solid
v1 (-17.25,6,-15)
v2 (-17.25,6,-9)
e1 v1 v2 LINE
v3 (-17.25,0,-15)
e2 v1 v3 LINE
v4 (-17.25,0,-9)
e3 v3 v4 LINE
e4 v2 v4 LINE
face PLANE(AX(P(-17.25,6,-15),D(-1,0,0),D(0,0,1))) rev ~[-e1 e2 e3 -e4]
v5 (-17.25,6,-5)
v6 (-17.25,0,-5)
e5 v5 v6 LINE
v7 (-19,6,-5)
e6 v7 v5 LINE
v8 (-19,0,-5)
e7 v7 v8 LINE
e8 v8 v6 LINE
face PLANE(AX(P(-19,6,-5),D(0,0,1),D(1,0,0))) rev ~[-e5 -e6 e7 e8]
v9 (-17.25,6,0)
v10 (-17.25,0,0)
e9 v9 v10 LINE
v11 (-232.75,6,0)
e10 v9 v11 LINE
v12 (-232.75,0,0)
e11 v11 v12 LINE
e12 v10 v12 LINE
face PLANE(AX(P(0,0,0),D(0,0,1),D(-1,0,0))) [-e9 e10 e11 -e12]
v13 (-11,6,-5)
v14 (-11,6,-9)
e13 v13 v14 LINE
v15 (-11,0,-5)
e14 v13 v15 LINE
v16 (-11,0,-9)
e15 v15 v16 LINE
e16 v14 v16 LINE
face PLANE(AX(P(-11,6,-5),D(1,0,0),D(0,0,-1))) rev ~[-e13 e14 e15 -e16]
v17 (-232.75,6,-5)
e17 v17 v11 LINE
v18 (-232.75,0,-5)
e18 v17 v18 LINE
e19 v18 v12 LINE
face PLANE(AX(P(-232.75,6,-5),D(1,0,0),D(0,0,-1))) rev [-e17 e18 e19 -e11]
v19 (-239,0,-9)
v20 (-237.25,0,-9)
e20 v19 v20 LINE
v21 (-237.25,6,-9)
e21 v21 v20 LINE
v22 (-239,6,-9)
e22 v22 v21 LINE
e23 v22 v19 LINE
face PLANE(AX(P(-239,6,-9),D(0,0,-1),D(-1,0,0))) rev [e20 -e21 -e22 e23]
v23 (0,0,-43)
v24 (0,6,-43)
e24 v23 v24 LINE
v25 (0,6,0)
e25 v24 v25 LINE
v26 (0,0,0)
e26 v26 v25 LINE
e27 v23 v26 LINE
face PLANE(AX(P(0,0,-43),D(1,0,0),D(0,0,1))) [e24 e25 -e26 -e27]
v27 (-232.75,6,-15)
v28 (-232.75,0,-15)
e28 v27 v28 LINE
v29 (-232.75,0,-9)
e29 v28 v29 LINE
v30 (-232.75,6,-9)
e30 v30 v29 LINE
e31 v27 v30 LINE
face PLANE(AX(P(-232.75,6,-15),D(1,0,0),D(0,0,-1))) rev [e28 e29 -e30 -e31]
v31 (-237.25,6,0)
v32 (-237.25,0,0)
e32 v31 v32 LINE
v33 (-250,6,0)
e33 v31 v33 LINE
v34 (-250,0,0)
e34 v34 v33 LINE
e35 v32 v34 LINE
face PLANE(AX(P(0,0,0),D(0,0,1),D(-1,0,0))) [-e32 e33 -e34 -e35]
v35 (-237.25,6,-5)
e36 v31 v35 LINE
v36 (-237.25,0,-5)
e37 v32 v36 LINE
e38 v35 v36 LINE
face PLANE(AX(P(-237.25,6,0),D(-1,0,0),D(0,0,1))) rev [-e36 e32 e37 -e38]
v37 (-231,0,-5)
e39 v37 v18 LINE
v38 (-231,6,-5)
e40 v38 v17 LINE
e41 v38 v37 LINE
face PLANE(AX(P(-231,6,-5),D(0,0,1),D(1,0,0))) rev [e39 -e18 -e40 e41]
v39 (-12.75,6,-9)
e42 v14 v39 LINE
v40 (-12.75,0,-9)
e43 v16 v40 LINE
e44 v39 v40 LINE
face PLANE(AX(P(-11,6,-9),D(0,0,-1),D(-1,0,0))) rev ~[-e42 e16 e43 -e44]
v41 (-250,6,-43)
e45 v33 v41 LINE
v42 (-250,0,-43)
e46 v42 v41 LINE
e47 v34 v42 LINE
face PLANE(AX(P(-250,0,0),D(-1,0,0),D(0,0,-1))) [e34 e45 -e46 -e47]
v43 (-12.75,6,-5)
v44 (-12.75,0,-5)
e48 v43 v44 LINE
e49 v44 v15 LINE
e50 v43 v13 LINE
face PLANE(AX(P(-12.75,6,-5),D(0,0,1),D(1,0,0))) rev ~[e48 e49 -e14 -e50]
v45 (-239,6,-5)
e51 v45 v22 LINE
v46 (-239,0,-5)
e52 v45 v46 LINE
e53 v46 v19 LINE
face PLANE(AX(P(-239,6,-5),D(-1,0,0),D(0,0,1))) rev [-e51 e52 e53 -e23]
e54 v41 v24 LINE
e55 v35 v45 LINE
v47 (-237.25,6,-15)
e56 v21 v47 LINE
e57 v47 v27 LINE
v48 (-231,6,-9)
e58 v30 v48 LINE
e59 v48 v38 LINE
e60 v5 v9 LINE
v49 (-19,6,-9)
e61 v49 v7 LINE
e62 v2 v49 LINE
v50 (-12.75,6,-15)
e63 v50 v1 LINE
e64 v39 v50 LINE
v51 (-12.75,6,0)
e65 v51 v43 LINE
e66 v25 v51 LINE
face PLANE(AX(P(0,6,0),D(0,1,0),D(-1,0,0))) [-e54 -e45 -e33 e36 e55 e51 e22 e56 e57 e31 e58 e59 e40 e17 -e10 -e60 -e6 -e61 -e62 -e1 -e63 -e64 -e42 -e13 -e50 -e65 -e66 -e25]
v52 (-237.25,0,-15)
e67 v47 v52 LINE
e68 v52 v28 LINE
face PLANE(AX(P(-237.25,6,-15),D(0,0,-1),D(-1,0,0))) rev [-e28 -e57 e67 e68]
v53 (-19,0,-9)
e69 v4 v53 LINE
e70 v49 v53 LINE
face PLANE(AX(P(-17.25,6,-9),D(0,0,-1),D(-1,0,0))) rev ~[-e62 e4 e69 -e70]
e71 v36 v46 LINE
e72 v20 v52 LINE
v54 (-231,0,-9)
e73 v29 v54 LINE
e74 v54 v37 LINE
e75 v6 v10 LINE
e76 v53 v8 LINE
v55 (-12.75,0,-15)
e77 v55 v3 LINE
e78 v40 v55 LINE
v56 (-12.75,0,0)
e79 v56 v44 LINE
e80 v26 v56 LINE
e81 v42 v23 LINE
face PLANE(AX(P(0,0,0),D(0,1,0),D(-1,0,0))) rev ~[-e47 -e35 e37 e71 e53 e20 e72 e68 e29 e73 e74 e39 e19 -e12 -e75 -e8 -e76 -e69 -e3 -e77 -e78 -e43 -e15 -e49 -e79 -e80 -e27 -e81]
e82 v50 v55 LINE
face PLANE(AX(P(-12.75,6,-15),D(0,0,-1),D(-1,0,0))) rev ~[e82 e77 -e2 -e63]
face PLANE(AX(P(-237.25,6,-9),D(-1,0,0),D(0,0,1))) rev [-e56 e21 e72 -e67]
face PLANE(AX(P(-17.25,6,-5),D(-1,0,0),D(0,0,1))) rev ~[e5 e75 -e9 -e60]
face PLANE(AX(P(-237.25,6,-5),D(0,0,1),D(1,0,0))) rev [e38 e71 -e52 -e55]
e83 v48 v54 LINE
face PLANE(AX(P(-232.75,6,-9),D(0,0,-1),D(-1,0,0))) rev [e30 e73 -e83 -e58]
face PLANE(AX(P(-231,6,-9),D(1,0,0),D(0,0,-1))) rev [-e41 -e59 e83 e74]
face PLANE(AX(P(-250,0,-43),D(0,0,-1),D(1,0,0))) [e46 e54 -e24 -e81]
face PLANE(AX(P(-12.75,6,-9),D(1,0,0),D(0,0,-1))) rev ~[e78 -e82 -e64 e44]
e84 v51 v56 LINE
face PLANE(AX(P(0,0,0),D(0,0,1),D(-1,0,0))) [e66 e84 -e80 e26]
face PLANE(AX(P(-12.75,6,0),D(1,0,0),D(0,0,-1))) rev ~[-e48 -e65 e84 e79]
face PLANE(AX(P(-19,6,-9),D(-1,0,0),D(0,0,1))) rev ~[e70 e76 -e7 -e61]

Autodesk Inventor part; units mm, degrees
ref_plane "YZ Plane" through (0, 0, 0) normal (1, 0, 0) x (0, 1, 0)
ref_plane "XZ Plane" through (0, 0, 0) normal (0, 1, 0) x (-1, 0, 0)
ref_plane "XY Plane" through (0, 0, 0) normal (0, 0, 1) x (1, 0, 0)
sketch "Sketch3" plane through (0, 0, 0) normal (0, 1, 0) x (-1, 0, 0)
  line L0 (0, 0) -> (250, 0)
  line L1 (250, 0) -> (250, -43)
  line L2 (250, -43) -> (0, -43)
  line L3 (0, -43) -> (0, 0)
  dimension "d24" = 250
  dimension "d25" = 43
extrude "Extrusion2" add sketch "Sketch3" along normal blind 6
sketch "Sketch4" plane through (0, 6, 0) normal (0, 1, 0) x (1, 0, 0)
  line L0 (-250, 0) -> (0, 0) projected
  line L1 (-17.25, 0) -> (-12.75, 0)
  line L2 (-12.75, 0) -> (-12.75, 15)
  line L3 (-12.75, 15) -> (-17.25, 15)
  line L4 (-17.25, 15) -> (-17.25, 0)
  line L5 (-19, 5) -> (-11, 5)
  line L6 (-11, 5) -> (-11, 9)
  line L7 (-11, 9) -> (-19, 9)
  line L8 (-19, 9) -> (-19, 5)
  line L9 (0, 0) -> (0, 43) projected
  point P0 (-15, 9)
  point P1 (-15, 15)
  dimension "d28" = 4.5
  dimension "d29" = 15
  dimension "d30" = 8
  dimension "d31" = 5
  dimension "d32" = 4
  dimension "d33" = 12.75
extrude "Extrusion3" cut sketch "Sketch4" against normal through all
ref_plane "Work Plane13" through (-125, 0, 0) normal (1, 0, 0) x (0, 0, -1)
mirror "Mirror1" about plane through (-125, 0, 0) normal (1, 0, 0) of "Extrusion3"
properties part number "Selection_Ramp 1_Mid piece" material "Wood (Cherry)"
